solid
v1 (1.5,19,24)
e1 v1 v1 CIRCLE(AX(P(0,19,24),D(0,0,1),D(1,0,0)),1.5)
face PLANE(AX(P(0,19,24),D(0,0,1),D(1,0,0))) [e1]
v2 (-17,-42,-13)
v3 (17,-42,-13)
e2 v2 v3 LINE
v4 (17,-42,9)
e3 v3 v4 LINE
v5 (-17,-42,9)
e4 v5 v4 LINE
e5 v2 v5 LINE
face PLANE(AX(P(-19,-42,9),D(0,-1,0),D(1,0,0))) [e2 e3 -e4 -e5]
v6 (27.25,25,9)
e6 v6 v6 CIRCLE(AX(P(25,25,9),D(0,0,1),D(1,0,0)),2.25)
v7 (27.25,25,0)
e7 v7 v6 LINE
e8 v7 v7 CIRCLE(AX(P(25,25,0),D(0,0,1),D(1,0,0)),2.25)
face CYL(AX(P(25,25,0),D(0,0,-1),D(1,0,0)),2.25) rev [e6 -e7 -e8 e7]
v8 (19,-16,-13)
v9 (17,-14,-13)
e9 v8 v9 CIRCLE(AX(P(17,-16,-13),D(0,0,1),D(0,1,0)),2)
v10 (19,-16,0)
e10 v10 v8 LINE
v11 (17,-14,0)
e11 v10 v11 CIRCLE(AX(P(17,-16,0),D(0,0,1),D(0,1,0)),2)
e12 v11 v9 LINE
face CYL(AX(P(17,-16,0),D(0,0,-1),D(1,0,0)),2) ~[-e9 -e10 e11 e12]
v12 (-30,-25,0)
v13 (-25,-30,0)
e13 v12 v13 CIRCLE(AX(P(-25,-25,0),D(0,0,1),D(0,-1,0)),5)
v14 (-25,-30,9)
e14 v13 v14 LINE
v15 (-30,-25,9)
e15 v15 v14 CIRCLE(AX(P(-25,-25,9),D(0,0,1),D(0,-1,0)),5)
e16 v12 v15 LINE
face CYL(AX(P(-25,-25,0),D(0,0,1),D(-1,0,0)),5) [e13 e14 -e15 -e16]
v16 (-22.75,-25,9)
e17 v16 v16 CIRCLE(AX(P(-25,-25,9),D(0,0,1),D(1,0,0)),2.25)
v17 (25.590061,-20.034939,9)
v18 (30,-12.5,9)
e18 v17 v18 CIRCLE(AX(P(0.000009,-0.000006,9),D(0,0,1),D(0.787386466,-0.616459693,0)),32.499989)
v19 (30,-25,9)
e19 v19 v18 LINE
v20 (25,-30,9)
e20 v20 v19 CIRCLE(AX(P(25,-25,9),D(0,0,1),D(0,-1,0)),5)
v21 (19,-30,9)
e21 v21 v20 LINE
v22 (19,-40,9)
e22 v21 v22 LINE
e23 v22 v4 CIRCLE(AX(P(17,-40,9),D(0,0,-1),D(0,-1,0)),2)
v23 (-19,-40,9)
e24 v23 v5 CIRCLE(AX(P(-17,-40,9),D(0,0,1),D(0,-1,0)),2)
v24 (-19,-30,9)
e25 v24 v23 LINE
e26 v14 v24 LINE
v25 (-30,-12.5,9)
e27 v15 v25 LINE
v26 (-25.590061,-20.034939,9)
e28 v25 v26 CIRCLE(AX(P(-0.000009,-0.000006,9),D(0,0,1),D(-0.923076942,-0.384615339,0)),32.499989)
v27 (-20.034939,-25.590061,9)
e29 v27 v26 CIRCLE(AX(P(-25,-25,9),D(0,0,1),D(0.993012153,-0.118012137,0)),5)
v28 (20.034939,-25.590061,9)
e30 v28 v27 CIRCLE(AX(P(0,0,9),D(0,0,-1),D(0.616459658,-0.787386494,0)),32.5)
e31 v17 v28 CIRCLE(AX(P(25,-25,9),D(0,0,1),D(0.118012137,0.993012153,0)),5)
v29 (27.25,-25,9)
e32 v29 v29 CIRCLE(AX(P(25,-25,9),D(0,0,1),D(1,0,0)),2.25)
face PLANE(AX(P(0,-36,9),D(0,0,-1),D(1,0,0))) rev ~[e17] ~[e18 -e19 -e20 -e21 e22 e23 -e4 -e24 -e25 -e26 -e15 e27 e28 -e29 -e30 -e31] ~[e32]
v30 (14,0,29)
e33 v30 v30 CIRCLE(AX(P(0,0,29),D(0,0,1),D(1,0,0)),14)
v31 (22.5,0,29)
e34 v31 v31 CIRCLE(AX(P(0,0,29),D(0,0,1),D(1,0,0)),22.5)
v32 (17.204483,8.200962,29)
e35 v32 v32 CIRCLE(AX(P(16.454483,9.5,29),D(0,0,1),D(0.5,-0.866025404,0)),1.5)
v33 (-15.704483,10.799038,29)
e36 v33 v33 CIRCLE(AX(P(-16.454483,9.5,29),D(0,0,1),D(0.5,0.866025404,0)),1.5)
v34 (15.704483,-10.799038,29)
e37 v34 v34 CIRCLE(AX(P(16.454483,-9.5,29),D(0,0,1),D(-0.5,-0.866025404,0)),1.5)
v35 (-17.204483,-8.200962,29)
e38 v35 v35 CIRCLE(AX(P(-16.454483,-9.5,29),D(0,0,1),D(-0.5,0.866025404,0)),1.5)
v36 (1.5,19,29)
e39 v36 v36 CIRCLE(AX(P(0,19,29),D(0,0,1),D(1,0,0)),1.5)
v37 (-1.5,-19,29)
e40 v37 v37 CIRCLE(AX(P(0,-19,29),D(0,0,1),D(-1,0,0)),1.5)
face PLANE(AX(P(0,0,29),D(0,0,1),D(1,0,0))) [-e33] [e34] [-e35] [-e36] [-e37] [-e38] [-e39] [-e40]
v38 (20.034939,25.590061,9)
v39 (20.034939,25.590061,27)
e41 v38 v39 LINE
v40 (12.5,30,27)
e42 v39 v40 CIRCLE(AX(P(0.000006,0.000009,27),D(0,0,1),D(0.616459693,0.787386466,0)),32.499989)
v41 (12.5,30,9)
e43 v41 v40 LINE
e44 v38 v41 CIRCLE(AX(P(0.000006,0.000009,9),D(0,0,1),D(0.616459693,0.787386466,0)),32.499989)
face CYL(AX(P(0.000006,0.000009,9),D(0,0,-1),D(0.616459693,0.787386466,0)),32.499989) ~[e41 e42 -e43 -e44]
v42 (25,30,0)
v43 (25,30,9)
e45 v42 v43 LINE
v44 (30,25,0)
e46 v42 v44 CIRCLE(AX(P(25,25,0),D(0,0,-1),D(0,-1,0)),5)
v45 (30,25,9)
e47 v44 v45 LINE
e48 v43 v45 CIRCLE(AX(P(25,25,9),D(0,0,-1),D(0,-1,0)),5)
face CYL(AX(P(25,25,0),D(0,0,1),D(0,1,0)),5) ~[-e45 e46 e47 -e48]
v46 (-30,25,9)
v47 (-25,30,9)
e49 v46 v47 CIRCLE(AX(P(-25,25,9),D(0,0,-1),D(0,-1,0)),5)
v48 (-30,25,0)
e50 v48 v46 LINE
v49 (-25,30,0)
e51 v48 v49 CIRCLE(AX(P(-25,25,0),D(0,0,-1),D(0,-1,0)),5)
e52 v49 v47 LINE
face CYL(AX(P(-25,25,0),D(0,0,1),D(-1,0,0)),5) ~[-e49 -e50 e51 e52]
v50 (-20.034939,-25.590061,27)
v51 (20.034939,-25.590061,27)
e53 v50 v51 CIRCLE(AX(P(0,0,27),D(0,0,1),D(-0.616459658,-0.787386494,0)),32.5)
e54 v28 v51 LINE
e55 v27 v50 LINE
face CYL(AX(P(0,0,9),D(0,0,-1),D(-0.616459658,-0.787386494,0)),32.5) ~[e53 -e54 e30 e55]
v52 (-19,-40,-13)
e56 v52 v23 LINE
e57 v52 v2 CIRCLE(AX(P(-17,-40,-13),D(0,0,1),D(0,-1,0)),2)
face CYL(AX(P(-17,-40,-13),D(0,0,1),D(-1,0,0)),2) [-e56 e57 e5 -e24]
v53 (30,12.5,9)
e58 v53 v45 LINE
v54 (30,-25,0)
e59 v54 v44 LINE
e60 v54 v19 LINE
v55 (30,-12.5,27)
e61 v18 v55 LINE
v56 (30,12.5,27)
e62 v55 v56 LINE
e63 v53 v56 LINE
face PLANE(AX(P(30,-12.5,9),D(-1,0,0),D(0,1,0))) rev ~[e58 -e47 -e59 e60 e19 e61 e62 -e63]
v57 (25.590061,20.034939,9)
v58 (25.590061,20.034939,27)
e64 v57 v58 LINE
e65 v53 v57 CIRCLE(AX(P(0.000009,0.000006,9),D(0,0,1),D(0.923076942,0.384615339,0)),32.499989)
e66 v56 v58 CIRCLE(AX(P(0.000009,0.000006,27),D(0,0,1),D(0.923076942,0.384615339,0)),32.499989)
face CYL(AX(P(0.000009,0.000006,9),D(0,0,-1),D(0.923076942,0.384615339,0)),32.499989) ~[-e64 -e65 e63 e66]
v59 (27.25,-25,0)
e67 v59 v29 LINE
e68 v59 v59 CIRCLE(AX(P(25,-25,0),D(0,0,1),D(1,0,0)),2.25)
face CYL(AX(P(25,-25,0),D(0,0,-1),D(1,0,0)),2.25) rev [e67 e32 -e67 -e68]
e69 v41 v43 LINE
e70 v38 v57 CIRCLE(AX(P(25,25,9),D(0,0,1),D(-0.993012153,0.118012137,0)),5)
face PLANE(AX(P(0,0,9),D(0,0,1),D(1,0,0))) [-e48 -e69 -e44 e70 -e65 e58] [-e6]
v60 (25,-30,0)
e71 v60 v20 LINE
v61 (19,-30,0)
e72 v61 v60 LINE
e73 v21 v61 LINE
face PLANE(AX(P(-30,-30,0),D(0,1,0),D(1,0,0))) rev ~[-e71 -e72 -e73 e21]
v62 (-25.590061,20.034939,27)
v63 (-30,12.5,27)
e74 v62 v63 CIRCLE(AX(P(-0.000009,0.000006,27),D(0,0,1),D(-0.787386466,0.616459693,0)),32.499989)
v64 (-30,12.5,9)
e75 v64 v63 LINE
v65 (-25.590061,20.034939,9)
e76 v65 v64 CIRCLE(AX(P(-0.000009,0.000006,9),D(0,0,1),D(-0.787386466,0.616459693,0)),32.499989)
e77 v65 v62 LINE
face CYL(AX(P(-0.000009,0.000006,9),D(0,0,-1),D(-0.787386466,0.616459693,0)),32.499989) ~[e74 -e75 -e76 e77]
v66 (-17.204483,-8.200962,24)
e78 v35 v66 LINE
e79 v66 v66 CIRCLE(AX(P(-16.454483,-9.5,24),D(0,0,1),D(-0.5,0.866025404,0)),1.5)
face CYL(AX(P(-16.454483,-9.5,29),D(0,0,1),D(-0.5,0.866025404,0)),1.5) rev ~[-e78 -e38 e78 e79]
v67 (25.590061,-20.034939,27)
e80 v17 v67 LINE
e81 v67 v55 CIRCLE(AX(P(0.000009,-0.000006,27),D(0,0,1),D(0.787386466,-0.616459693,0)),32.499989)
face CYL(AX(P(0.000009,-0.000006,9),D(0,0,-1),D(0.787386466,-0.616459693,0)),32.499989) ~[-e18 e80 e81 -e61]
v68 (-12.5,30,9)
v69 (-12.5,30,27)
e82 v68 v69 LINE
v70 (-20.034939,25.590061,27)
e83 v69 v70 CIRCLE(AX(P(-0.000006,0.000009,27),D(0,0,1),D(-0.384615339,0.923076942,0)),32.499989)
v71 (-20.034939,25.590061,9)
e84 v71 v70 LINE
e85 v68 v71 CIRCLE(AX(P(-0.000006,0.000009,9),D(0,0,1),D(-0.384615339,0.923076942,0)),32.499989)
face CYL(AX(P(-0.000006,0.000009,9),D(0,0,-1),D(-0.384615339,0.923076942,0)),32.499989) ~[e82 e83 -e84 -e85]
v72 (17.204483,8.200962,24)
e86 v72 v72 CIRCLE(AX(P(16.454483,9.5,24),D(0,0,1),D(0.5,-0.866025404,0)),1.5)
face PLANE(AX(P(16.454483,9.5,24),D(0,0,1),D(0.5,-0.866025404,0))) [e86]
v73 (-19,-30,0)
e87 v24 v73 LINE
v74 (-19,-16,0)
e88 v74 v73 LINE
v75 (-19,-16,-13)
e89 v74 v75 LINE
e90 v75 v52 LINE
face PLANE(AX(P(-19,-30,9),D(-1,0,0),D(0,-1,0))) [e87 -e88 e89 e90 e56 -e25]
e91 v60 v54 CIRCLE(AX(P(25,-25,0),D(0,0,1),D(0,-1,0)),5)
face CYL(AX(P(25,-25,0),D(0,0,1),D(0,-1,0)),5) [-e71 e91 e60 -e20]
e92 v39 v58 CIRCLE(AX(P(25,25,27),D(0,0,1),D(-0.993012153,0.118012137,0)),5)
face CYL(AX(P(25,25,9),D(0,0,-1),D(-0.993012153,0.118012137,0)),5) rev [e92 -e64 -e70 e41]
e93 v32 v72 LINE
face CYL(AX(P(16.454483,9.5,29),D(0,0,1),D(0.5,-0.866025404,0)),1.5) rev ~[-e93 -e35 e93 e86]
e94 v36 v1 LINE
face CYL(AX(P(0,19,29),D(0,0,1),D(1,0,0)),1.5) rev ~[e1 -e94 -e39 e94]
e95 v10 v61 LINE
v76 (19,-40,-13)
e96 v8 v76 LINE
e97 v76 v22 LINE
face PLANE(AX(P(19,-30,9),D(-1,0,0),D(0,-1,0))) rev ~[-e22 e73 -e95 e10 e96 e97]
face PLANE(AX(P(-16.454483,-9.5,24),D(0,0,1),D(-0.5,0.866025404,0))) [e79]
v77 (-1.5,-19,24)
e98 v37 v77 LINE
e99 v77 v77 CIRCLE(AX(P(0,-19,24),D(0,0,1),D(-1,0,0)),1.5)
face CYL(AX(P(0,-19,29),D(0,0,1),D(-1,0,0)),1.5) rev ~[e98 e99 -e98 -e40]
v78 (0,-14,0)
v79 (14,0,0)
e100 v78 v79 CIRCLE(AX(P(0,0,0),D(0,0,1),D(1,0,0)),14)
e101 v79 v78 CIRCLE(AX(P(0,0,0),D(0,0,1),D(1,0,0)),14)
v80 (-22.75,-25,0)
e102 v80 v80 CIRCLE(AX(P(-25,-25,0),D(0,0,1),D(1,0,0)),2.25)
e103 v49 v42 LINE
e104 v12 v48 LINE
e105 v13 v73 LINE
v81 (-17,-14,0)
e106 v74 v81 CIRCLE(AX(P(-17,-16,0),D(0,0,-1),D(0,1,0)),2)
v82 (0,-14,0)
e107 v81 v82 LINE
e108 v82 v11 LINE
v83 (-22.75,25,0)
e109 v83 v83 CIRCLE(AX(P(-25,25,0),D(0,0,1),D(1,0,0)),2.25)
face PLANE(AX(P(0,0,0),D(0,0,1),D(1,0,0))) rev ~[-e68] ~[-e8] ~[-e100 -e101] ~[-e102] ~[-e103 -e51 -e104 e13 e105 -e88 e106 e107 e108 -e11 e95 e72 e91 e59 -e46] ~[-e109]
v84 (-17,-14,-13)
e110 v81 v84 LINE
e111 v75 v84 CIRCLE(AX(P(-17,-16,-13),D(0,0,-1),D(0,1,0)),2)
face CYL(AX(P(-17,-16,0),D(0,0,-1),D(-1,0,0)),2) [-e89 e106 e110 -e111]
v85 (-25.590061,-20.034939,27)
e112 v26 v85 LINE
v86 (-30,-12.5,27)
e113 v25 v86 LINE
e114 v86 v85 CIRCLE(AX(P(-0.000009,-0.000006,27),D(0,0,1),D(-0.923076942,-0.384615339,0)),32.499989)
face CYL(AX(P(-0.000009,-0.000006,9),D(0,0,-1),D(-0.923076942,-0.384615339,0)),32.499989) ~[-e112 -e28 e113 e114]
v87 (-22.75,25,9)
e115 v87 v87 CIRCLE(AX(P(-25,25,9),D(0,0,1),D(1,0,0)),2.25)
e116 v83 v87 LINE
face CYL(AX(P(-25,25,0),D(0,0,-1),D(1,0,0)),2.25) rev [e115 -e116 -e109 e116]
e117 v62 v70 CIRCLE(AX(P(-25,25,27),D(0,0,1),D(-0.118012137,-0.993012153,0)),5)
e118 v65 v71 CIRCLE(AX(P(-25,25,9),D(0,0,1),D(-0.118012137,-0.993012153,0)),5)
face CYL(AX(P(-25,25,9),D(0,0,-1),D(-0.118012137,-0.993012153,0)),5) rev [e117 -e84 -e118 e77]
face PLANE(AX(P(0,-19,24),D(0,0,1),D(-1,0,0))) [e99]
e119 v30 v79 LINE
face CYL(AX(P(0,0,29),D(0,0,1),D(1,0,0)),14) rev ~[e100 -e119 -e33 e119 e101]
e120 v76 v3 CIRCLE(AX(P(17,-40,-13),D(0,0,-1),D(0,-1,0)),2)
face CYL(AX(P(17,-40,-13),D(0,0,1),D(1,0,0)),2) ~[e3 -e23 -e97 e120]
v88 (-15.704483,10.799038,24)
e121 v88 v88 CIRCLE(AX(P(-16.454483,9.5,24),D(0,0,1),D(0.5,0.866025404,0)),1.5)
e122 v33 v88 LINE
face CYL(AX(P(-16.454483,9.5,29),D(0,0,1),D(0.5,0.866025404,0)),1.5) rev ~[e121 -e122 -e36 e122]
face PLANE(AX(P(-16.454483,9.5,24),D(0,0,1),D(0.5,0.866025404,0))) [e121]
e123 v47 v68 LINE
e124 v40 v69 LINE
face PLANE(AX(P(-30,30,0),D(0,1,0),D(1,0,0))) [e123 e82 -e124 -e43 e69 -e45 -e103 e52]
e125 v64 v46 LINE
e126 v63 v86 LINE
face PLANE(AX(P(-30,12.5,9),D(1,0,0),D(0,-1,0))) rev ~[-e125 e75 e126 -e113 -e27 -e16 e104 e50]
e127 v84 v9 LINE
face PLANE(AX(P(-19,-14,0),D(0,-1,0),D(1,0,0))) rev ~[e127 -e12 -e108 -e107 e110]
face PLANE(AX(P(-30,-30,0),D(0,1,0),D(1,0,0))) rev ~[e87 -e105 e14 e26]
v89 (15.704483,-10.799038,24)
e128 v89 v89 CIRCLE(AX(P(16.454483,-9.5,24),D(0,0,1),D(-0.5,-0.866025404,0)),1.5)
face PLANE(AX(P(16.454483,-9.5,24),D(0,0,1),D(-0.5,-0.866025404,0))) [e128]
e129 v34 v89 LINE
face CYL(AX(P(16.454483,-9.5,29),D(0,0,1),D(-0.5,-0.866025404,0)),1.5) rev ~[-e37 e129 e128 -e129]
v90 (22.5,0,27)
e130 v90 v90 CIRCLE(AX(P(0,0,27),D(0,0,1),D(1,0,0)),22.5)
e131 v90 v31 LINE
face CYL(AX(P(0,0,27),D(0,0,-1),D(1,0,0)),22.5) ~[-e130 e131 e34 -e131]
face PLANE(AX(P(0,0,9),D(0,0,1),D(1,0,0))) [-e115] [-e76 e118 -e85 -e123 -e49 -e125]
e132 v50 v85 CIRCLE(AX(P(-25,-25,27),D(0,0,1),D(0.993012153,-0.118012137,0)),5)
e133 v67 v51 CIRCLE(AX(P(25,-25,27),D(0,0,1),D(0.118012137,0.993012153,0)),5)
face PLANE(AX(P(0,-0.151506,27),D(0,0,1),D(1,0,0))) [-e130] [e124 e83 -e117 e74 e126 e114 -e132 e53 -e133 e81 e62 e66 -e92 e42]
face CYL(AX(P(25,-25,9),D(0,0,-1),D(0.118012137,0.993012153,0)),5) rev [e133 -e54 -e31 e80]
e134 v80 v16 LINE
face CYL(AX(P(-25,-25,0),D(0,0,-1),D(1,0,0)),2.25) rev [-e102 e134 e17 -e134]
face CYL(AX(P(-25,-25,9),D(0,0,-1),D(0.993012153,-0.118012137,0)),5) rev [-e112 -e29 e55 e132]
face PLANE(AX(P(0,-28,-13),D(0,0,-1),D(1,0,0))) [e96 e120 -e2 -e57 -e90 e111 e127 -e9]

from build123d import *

# Parameters (mm, degrees)
SKETCH_W           = 60
SKETCH_H           = 60
SKETCH_R           = 2.25
PAD_DEPTH          = 9
FILLET_R           = 5
PAD001_DEPTH       = 18
SKETCH002_R        = 22.5
PAD002_DEPTH       = 2
SKETCH003_R        = 1.5
POCKET_DEPTH       = 5
POLARPATTERN_COUNT = 6
SKETCH004_R        = 14
POCKET001_DEPTH    = 29.001
SKETCH005_W        = 38
SKETCH005_H        = 28
PAD003_DEPTH       = 13
SKETCH006_W        = 38
SKETCH006_H        = 12
PAD004_DEPTH       = 9
FILLET001_R        = 2


with BuildPart() as part:
    # Sketch → Pad (new body)
    with BuildSketch(Plane.XY):
        Rectangle(SKETCH_W, SKETCH_H)
        with Locations((-25, 25)):
            Circle(SKETCH_R, mode=Mode.SUBTRACT)
        with Locations((25, 25)):
            Circle(SKETCH_R, mode=Mode.SUBTRACT)
        with Locations((25, -25)):
            Circle(SKETCH_R, mode=Mode.SUBTRACT)
        with Locations((-25, -25)):
            Circle(SKETCH_R, mode=Mode.SUBTRACT)
    extrude(amount=PAD_DEPTH)

    # Fillet
    fillet_edges = [part.edges().sort_by_distance(p)[0] for p in [
        (30, 30, 4.5),
        (-30, 30, 4.5),
        (-30, -30, 4.5),
        (30, -30, 4.5),
    ]]
    fillet(fillet_edges, radius=FILLET_R)

    # Sketch001 (on DatumPlane) → Pad001 (join)
    with BuildSketch(Plane.XY.offset(9)):
        with BuildLine():
            ThreePointArc((-25.590061, 20.034939), (-28.049199, 16.416225), (-30, 12.5))
            Line((-30, 12.5), (-30, -12.5))
            ThreePointArc((-30, -12.5), (-28.049199, -16.416225), (-25.590061, -20.034939))
            ThreePointArc((-20.034939, -25.590061), (-21.464466, -21.464466), (-25.590061, -20.034939))
            ThreePointArc((-20.034939, -25.590061), (0, -32.5), (20.034939, -25.590061))
            ThreePointArc((25.590061, -20.034939), (21.464466, -21.464466), (20.034939, -25.590061))
            ThreePointArc((25.590061, -20.034939), (28.049199, -16.416225), (30, -12.5))
            Line((30, -12.5), (30, 12.5))
            ThreePointArc((30, 12.5), (28.049199, 16.416225), (25.590061, 20.034939))
            ThreePointArc((20.034939, 25.590061), (21.464466, 21.464466), (25.590061, 20.034939))
            ThreePointArc((20.034939, 25.590061), (16.416225, 28.049199), (12.5, 30))
            Line((12.5, 30), (-12.5, 30))
            ThreePointArc((-12.5, 30), (-16.416225, 28.049199), (-20.034939, 25.590061))
            ThreePointArc((-25.590061, 20.034939), (-21.464466, 21.464466), (-20.034939, 25.590061))
        make_face()
    extrude(amount=PAD001_DEPTH)

    # Sketch002 (on Face17 of Pad001) → Pad002 (join)
    with BuildSketch(Plane.XY.offset(27)):
        Circle(SKETCH002_R)
    extrude(amount=PAD002_DEPTH)

    # Sketch003 (on Face32 of Pad002) → Pocket (cut)
    with BuildSketch(Plane.XY.offset(29)):
        with Locations((0, 19)):
            Circle(SKETCH003_R)
    pocket = extrude(amount=-POCKET_DEPTH, mode=Mode.SUBTRACT)

    # PolarPattern: Pocket ×6 about axis
    polarpattern_axis = Axis((0, 0, 29), (0, 0, 1))
    for i in range(1, POLARPATTERN_COUNT):
        add(pocket.rotate(polarpattern_axis, i * 360 / POLARPATTERN_COUNT), mode=Mode.SUBTRACT)

    # Sketch004 (on Face32 of PolarPattern) → Pocket001 (cut, through all)
    with BuildSketch(Plane.XY.offset(29)):
        Circle(SKETCH004_R)
    extrude(amount=-POCKET001_DEPTH, mode=Mode.SUBTRACT)

    # Sketch005 (on Face1 of Pocket001) → Pad003 (join)
    with BuildSketch(Plane(origin=(0, 0, 0), x_dir=(1, 0, 0), z_dir=(0, 0, -1))):
        with Locations((0, 28)):
            Rectangle(SKETCH005_W, SKETCH005_H)
    extrude(amount=PAD003_DEPTH)

    # Sketch006 (on Face21 of Pad003) → Pad004 (join)
    with BuildSketch(Plane(origin=(0, 0, 9), x_dir=(1, 0, 0), z_dir=(0, 0, -1))):
        with Locations((0, 36)):
            Rectangle(SKETCH006_W, SKETCH006_H)
    extrude(amount=PAD004_DEPTH)

    # Fillet001
    fillet001_edges = [part.edges().sort_by_distance(p)[0] for p in [
        (-19, -14, -6.5),
        (-19, -42, -2),
        (19, -42, -2),
        (19, -14, -6.5),
    ]]
    fillet(fillet001_edges, radius=FILLET001_R)


solid = part.part
